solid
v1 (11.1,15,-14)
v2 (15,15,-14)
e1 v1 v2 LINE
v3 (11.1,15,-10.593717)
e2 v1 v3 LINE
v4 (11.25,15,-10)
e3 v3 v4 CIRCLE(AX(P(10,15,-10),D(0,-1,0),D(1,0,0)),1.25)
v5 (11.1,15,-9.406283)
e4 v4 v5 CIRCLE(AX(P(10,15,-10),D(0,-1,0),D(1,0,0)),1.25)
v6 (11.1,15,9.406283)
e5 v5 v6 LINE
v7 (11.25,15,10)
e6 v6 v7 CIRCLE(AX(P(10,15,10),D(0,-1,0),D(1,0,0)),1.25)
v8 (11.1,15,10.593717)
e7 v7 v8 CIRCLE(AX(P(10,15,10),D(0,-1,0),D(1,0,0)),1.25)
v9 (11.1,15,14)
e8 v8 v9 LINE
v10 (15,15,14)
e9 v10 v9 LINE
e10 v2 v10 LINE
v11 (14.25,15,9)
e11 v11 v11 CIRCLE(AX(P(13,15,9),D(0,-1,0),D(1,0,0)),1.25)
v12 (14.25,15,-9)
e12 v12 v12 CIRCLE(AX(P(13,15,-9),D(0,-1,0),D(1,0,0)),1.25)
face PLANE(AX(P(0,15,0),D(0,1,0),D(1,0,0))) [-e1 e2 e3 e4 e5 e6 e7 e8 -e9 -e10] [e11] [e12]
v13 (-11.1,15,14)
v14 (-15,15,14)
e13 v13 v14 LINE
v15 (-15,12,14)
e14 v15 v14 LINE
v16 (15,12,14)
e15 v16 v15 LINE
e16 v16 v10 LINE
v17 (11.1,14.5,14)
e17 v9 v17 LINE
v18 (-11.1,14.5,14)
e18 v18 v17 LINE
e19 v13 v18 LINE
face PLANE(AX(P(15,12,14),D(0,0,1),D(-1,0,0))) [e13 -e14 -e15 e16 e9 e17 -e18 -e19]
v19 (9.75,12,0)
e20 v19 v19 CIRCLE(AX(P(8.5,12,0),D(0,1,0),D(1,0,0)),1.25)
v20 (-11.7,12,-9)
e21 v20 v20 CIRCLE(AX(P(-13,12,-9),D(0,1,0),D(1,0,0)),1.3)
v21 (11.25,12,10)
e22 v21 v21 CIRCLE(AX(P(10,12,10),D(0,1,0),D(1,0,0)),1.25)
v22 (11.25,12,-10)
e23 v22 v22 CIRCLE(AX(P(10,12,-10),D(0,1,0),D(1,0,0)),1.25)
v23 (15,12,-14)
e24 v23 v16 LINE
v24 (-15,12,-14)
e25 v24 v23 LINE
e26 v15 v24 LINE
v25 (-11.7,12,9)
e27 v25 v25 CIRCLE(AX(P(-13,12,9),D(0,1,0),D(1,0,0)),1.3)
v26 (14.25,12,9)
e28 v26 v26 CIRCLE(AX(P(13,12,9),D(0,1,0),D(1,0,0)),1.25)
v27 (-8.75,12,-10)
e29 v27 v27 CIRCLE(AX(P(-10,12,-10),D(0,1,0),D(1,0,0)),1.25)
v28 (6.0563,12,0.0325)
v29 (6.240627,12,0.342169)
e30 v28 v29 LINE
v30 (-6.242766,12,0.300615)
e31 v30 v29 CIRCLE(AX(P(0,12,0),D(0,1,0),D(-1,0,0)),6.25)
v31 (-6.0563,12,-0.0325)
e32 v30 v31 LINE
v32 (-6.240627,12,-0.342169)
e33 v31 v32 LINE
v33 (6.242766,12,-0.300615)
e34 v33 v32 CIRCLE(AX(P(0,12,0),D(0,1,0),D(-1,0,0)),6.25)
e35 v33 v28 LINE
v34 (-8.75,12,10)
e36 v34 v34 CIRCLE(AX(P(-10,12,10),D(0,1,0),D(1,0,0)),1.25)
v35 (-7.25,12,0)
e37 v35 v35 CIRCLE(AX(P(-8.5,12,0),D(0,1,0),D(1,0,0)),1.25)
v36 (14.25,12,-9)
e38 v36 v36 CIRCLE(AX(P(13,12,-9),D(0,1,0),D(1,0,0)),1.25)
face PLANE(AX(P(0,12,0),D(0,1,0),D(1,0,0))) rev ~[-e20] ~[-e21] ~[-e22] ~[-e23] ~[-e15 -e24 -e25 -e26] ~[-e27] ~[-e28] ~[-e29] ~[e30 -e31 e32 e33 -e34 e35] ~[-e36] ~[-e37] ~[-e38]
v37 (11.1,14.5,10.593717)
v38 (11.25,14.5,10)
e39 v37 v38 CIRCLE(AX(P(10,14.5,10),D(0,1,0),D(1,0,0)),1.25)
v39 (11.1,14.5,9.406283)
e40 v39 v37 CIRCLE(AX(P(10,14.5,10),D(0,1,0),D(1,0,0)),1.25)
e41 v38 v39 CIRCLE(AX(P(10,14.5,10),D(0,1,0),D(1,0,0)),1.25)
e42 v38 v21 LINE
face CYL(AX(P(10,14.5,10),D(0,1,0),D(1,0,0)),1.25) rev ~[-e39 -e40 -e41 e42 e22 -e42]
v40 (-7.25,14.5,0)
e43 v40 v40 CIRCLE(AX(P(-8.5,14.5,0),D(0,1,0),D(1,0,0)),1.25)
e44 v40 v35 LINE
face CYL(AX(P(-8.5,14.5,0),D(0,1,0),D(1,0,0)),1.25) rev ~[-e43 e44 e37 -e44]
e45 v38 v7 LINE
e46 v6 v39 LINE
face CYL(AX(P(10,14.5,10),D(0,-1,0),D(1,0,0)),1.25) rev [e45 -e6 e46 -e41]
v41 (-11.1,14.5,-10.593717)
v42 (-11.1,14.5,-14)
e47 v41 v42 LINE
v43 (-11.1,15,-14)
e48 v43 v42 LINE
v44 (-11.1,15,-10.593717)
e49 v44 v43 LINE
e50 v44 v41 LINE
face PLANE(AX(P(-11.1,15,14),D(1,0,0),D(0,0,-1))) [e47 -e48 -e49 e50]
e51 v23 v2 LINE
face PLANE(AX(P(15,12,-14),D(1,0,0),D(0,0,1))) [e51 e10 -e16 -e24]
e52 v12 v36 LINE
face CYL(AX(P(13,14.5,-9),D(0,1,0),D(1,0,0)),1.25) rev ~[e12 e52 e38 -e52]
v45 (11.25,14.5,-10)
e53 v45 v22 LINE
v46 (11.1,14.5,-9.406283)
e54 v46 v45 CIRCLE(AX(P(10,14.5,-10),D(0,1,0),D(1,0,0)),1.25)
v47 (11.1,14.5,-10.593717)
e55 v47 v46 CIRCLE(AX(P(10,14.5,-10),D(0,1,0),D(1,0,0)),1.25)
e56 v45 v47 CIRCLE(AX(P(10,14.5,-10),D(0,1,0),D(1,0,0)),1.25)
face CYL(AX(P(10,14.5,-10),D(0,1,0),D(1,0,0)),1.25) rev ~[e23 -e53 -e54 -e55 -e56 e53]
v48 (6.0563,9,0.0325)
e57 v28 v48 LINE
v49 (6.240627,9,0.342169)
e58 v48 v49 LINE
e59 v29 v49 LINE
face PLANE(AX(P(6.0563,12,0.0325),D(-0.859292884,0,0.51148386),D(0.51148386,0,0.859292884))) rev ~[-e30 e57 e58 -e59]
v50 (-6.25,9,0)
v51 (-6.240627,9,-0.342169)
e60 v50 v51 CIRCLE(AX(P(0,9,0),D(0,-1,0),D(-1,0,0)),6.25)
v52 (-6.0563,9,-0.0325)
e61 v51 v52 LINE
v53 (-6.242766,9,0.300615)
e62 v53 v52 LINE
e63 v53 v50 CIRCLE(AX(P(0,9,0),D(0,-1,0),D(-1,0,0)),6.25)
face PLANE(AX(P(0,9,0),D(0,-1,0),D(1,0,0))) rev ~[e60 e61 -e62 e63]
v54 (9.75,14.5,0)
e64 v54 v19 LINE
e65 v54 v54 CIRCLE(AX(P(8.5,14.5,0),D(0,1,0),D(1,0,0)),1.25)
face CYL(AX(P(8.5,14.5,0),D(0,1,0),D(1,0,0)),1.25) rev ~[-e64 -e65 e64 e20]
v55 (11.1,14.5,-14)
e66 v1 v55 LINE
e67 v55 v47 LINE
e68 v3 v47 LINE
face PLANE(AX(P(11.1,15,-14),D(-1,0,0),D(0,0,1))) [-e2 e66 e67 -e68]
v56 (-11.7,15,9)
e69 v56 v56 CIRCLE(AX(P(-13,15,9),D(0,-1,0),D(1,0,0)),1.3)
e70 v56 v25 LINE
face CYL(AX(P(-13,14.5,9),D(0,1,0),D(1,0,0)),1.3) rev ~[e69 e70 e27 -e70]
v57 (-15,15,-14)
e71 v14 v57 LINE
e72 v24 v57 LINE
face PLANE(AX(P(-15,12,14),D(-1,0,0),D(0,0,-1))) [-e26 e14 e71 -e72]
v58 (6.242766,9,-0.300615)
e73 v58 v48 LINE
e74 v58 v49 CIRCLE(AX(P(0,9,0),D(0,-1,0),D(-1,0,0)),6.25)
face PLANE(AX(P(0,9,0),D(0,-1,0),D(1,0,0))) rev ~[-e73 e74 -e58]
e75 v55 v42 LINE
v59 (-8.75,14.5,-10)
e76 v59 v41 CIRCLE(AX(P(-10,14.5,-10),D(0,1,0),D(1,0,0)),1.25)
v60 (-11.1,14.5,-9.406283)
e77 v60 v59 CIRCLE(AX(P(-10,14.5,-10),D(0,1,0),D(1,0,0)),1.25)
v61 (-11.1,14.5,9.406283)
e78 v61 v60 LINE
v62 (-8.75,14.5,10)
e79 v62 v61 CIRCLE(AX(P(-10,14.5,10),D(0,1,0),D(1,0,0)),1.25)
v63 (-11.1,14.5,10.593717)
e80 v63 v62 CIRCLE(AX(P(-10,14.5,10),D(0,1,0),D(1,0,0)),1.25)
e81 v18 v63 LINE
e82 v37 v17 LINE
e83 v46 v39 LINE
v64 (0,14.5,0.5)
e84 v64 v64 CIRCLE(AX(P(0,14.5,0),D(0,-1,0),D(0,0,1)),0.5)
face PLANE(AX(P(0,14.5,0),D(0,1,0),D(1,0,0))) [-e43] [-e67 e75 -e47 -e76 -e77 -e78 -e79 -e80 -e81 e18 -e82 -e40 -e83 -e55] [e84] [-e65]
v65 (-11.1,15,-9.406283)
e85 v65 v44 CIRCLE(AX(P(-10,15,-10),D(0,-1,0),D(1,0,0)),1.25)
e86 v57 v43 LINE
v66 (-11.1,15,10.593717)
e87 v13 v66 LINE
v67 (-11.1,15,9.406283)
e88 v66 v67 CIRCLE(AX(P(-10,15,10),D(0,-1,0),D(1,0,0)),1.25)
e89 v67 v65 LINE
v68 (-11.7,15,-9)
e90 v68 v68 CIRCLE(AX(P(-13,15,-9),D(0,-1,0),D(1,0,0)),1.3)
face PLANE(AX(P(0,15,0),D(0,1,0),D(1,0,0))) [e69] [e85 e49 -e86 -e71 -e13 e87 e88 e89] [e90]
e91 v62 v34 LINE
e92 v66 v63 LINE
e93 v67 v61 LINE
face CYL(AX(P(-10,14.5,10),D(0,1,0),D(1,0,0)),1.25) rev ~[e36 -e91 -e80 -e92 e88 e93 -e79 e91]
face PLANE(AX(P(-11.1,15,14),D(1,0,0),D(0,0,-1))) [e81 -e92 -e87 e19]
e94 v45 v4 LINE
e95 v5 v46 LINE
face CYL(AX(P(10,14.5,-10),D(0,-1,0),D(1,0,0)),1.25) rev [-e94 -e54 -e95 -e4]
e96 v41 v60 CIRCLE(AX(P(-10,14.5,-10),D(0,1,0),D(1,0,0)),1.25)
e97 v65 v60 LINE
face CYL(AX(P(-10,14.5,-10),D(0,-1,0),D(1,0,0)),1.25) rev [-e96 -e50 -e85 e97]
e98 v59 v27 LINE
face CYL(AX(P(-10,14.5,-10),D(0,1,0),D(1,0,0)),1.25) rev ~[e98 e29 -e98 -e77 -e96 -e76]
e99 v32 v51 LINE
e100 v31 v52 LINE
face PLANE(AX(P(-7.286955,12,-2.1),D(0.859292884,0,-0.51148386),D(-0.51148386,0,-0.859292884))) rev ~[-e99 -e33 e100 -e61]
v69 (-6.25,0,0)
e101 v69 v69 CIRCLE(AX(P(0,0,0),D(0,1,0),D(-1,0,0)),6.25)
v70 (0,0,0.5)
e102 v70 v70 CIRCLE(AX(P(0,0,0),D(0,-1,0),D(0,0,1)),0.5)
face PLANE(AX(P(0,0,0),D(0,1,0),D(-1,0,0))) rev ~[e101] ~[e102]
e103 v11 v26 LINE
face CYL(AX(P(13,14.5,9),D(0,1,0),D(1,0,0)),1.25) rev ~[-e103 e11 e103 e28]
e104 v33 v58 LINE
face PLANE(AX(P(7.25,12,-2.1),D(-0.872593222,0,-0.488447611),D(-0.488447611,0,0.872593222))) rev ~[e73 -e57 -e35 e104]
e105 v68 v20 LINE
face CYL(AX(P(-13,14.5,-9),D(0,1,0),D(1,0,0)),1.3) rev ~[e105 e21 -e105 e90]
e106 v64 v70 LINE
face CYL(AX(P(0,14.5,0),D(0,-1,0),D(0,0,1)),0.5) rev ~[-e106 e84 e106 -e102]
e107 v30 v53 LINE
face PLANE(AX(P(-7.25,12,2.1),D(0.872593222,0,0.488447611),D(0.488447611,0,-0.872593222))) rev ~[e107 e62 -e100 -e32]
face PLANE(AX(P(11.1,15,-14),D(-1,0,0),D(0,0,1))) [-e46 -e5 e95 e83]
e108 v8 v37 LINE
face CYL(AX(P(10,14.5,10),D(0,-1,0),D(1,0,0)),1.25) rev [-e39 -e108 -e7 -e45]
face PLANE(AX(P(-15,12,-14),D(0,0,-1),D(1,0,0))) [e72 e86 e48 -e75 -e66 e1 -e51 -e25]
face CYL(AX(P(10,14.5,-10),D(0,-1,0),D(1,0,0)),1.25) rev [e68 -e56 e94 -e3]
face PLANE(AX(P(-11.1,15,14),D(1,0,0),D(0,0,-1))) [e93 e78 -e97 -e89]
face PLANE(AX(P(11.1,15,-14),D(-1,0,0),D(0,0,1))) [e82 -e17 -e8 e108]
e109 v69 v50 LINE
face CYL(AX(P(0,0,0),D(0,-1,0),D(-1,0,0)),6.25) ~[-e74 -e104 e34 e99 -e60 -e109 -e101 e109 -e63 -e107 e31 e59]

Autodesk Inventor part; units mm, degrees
ref_plane "YZ Plane" through (0, 0, 0) normal (1, 0, 0) x (0, 1, 0)
ref_plane "XZ Plane" through (0, 0, 0) normal (0, 1, 0) x (-1, 0, 0)
ref_plane "XY Plane" through (0, 0, 0) normal (0, 0, 1) x (1, 0, 0)
sketch "Sketch1" plane through (0, 0, 0) normal (0, 1, 0) x (-1, 0, 0)
  circle A0 centre (0, 0) radius 6.25
  dimension "d0" = 12.5
extrude "Extrusion1" add sketch "Sketch1" along normal blind 12
sketch "Sketch2" plane through (0, 12, 0) normal (0, 1, 0) x (1, 0, 0)
  line L0 (-15, 14) -> (15, 14)
  line L1 (15, 14) -> (15, -14)
  line L2 (15, -14) -> (-15, -14)
  line L3 (-15, -14) -> (-15, 14)
  point P0 (0, 0)
  dimension "d3" = 30
  dimension "d4" = 28
  dimension "d5" = 14
  dimension "d6" = 15
extrude "Extrusion2" add sketch "Sketch2" along normal blind 3
sketch "Sketch3" plane through (0, 15, 0) normal (0, 1, 0) x (1, 0, 0)
  line L0 (-15, -14) -> (15, -14) projected
  line L1 (15, 14) -> (-15, 14) projected
  line L2 (11.1, -14) -> (-11.1, -14)
  line L3 (-11.1, -14) -> (-11.1, 14)
  line L4 (-11.1, 14) -> (11.1, 14)
  line L5 (11.1, 14) -> (11.1, -14)
  line L6 (-15, 14) -> (-15, -14) projected
  point P0 (0, 0)
  point P1 (11.1, 14)
  point P2 (-11.1, -14)
  dimension "d9" = 22.2
  dimension "d10" = 3.9
extrude "Extrusion3" cut sketch "Sketch3" against normal blind 0.5 contours L3 L1 L5 L0
sketch "Sketch4" plane through (0, 14.5, 0) normal (0, 1, 0) x (1, 0, 0)
  circle A0 centre (8.5, 0) radius 1.25
  circle A1 centre (-8.5, 0) radius 1.25
  point P0 (0, 0)
  dimension "d13" = 2.5
  dimension "d14" = 8.5
  dimension "d15" = 2.5
  dimension "d16" = 8.5
extrude "Extrusion4" cut sketch "Sketch4" against normal blind 5
sketch "Sketch5" plane through (0, 12, 0) normal (0, -1, 0) x (1, 0, 0)
  line L0 (7.4961, 2.1) -> (15, 2.1)
  line L1 (15, 2.1) -> (15, -2.1)
  line L2 (15, -2.1) -> (7.4961, -2.1)
  line L3 (7.4961, -2.1) -> (7.4961, 2.1)
  line L4 (15, 14) -> (15, -14) projected
  circle A0 centre (8.5, 0) radius 1.25 projected
  line L5 (9.75, 2.1) -> (10.9437, -0.0325)
  line L6 (10.9437, -0.0325) -> (9.6937, -2.1325)
  line L7 (9.6937, -2.1325) -> (7.25, -2.1)
  line L8 (7.25, -2.1) -> (6.0563, 0.0325)
  line L9 (6.0563, 0.0325) -> (7.3063, 2.1325)
  line L10 (7.3063, 2.1325) -> (9.75, 2.1)
  line L11 (-15, -14) -> (-15, 14) projected
  line L12 (-15, -2.1) -> (-7.25, -2.1)
  line L13 (-7.25, -2.1) -> (-7.25, 2.1)
  line L14 (-7.25, 2.1) -> (-15, 2.1)
  line L15 (-15, 2.1) -> (-15, -2.1)
  circle A1 centre (-8.5, 0) radius 1.25 projected
  line L16 (-7.25, 2.1) -> (-6.0563, -0.0325)
  line L17 (-6.0563, -0.0325) -> (-7.3063, -2.1325)
  line L18 (-7.3063, -2.1325) -> (-9.75, -2.1)
  line L19 (-9.75, -2.1) -> (-10.9437, 0.0325)
  line L20 (-10.9437, 0.0325) -> (-9.6937, 2.1325)
  line L21 (-9.6937, 2.1325) -> (-7.25, 2.1)
  point P0 (0, 0)
  point P1 (9.713, -2.1)
  point P2 (-9.713, 2.1)
  dimension "d19" = 4.2
  dimension "d20" = 0
  dimension "d21" = 2.1
  dimension "d24" = 4.2
  dimension "d25" = 2.1
extrude "Extrusion5" cut sketch "Sketch5" along normal blind 3 contours L3 A0 L2 L6 L7 L8 L9 L10 L0 | L0 L5 L6 L2 L3 A0 | L0 L1 L2 L6 L5 | A0 L3 | L3 A0 | L11 L14 L20 L19 L12 | A1 | L19 L20 L14 L13 L17 L12 | L12 L17 L18 | L20 L21 L14 | L16 L17 L13
sketch "Sketch6" plane through (0, 14.5, 0) normal (0, 1, 0) x (1, 0, 0)
  line L0 (-11.1, -14) -> (-11.1, 14) projected
  line L1 (-11.1, 11) -> (11.1, 11)
  line L2 (11.1, 11) -> (11.1, -11)
  line L3 (11.1, -11) -> (-11.1, -11)
  line L4 (-11.1, -11) -> (-11.1, 11)
  line L5 (-11.1, 14) -> (11.1, 14) projected
  circle A0 centre (-13, -9) radius 1.3
  line L6 (-15, -14) -> (-11.1, -14) projected
  circle A1 centre (-13, 9) radius 1.3
  line L7 (-11.1, 14) -> (-15, 14) projected
  circle A2 centre (13, 9) radius 1.25
  line L8 (11.1, 14) -> (11.1, -14) projected
  circle A3 centre (13, -9) radius 1.25
  line L9 (11.1, -14) -> (15, -14) projected
  point P0 (0, 0)
  dimension "d26" = 22.2
  dimension "d27" = 22
  dimension "d28" = 3
  dimension "d29" = 2.6
  dimension "d30" = 1.9
  dimension "d31" = 5
  dimension "d32" = 2.6
  dimension "d33" = 1.9
  dimension "d34" = 5
  dimension "d35" = 2.5
  dimension "d36" = 1.9
  dimension "d37" = 5
  dimension "d38" = 2.5
  dimension "d39" = 1.9
  dimension "d40" = 5
extrude "Extrusion6" cut sketch "Sketch6" along normal mid plane 5 contours A0 | A1 | A2 | A3
sketch "Sketch7" plane through (0, 14.5, 0) normal (0, 1, 0) x (1, 0, 0)
  circle A0 centre (-10, 10) radius 1.25
  line L0 (0, 0) -> (4.1718, 0)
  line L1 (0, 0) -> (0, 4.2645)
  circle A1 centre (10, 10) radius 1.25
  circle A2 centre (-10, -10) radius 1.25
  circle A3 centre (10, -10) radius 1.25
  dimension "d43" = 2.5
  dimension "d44" = 10
  dimension "d45" = 10
  dimension "d48" = 20
  dimension "d51" = 20
extrude "Extrusion7" cut sketch "Sketch7" along normal blind 10 and the other way blind 5
sketch "Sketch8" plane through (0, 12, 0) normal (0, -1, 0) x (1, 0, 0)
  arc A0 (11.1, -9.4063) -> (11.1, -10.5937) centre (10, -10) ccw projected
  circle A1 centre (10, -10) radius 2.5
  circle A2 centre (-10, -10) radius 1.25 projected
  circle A3 centre (-10, -10) radius 2.5
  arc A4 (-11.1, 9.4063) -> (-11.1, 10.5937) centre (-10, 10) ccw projected
  circle A5 centre (-10, 10) radius 2.5
  arc A6 (11.1, 10.5937) -> (11.1, 9.4063) centre (10, 10) ccw projected
  circle A7 centre (10, 10) radius 2.5
  point P0 (0, 0)
  dimension "d58" = 5
  dimension "d59" = 5
  dimension "d60" = 5
  dimension "d61" = 5
extrude "Extrusion8" cut sketch "Sketch8" along normal blind 5
sketch "Sketch9" plane through (0, 14.5, 0) normal (0, 1, 0) x (1, 0, 0)
  point P0 (0, 0)
  point P1 (0, 0)
hole "Hole1" at (0, 14.5, 0) direction (0, -1, 0) diameter 1 end through all
properties part number "200205 - Holder for MEMS on halfinch mount"
